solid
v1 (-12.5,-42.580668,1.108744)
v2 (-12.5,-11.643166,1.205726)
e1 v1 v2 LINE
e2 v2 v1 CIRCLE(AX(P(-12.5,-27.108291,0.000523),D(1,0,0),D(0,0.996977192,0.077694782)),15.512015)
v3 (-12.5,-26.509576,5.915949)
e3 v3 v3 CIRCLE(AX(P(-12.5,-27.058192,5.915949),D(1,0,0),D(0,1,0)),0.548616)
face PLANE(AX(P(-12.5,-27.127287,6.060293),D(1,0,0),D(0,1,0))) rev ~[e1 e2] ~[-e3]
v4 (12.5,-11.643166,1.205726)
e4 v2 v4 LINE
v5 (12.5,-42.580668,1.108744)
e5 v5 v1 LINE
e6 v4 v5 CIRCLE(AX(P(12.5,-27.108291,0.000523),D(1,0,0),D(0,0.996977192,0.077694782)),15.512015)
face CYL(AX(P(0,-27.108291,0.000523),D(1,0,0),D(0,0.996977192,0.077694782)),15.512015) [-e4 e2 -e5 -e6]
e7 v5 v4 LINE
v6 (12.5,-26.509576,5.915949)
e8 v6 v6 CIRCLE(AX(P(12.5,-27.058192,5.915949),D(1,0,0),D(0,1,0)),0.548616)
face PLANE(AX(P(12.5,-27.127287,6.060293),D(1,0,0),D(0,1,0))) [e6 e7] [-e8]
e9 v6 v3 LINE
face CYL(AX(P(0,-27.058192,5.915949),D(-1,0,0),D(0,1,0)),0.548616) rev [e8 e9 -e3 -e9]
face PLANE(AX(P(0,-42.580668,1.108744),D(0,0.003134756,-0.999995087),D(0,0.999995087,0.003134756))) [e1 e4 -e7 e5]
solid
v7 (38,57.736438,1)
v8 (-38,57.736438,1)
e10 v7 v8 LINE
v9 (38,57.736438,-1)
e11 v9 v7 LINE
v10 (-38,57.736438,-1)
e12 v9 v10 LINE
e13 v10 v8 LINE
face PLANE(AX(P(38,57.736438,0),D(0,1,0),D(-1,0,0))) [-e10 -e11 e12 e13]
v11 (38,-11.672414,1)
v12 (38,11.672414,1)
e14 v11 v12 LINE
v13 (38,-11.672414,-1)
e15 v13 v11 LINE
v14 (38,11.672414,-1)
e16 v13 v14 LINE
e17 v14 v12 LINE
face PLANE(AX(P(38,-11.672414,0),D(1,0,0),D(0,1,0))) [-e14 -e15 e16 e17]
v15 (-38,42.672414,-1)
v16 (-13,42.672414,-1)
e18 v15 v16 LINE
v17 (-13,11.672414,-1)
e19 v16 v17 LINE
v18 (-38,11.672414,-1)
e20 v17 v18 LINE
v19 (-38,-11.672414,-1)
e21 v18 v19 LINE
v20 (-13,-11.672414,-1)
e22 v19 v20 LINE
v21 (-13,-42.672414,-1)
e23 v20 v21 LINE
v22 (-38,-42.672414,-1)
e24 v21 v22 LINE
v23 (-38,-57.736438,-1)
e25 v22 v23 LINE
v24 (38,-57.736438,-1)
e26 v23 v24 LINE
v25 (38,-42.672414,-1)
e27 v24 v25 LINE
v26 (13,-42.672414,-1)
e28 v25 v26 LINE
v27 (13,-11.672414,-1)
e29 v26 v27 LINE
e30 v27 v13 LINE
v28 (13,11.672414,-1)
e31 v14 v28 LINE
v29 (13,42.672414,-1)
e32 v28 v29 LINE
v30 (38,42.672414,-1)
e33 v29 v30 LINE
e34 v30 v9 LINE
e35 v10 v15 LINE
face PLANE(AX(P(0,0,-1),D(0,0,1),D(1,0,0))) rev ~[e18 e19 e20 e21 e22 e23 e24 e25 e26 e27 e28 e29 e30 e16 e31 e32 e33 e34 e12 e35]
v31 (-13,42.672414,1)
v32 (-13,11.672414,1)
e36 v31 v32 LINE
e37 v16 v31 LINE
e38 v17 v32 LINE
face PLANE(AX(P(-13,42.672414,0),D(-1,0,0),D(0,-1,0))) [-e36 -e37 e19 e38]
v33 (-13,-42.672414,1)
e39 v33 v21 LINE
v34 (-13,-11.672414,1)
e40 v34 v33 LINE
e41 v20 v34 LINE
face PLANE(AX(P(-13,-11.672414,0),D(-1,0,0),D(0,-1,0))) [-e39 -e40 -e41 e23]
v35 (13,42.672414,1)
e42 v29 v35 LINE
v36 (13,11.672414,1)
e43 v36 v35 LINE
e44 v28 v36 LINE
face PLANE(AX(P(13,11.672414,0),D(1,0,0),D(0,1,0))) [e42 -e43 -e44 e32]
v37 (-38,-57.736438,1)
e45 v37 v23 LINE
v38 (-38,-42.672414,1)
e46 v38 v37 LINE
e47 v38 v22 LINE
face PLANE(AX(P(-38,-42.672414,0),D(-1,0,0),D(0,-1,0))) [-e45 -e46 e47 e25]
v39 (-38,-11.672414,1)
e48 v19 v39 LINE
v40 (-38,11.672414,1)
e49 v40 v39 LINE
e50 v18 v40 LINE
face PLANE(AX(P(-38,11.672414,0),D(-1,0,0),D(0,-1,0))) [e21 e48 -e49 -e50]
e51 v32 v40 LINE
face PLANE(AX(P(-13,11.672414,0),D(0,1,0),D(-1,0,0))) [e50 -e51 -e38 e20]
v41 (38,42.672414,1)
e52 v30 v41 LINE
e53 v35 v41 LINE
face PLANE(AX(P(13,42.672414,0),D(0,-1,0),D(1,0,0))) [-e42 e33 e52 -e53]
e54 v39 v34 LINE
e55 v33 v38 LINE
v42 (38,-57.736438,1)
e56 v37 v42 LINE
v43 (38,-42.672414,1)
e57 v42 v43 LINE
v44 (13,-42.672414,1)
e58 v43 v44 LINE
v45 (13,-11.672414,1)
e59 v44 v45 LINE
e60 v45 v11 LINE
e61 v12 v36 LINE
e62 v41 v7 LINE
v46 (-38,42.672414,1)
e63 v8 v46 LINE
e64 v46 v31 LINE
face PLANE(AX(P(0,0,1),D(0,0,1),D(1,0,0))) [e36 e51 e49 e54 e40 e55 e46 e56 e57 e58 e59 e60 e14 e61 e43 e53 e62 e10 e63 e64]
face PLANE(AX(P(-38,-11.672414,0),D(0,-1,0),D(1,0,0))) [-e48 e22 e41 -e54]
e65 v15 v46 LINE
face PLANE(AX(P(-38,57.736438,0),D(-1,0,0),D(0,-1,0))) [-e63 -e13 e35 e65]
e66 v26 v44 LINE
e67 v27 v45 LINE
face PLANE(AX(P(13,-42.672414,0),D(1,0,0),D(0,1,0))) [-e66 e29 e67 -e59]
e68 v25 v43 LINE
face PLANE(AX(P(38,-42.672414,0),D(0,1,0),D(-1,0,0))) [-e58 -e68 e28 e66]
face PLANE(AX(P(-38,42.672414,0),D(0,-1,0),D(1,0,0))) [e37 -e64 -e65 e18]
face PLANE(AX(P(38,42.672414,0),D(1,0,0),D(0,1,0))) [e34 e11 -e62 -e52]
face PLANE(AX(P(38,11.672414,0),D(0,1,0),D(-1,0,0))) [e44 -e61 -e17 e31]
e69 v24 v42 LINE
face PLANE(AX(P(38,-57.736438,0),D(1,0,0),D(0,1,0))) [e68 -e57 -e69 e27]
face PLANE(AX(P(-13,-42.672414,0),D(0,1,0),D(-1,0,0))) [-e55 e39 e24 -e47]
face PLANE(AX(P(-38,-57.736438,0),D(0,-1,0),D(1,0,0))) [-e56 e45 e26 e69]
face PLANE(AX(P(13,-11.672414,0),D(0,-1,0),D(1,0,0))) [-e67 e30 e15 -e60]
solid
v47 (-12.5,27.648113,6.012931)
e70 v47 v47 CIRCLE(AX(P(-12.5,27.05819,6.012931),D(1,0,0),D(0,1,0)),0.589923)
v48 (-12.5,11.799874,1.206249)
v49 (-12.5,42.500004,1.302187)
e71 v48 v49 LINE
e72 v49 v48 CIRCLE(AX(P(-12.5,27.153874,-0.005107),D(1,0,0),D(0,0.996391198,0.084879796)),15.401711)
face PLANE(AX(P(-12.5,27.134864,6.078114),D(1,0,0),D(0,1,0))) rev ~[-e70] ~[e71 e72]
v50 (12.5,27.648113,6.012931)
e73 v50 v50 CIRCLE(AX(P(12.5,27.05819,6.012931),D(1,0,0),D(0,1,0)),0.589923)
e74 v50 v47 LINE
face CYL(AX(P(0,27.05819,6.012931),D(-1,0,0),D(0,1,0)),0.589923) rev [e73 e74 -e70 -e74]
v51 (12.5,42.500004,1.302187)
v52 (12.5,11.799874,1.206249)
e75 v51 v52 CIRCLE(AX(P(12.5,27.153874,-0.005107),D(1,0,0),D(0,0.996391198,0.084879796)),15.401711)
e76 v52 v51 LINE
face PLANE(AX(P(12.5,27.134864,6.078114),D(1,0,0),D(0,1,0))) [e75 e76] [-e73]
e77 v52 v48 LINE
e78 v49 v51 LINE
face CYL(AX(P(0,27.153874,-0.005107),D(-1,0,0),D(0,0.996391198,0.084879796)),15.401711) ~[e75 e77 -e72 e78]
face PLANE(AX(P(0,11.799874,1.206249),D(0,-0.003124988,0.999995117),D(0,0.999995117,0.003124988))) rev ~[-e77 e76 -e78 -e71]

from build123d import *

# Parameters (mm, degrees)
F1_DEPTH = 1
F2_R     = 0.589923
F2_R_2   = 0.548616
F3_DEPTH = 12.5


with BuildPart() as f1:
    # F0 (on Top) → F1 (new body, symmetric)
    with BuildSketch(Plane.XY):
        Polygon((-38, -57.736438), (38, -57.736438), (38, -42.672414), (13, -42.672414), (13, -11.672414), (38, -11.672414), (38, 11.672414), (13, 11.672414), (13, 42.672414), (38, 42.672414), (38, 57.736438), (-38, 57.736438), (-38, 42.672414), (-13, 42.672414), (-13, 11.672414), (-38, 11.672414), (-38, -11.672414), (-13, -11.672414), (-13, -42.672414), (-38, -42.672414), align=None)
    extrude(amount=F1_DEPTH, both=True)


with BuildPart() as f3:
    # F2 (on Right) → F3 (new body, symmetric)
    with BuildSketch(Plane.YZ):
        with BuildLine():
            Line((11.799874, 1.206249), (42.500004, 1.302187))
            ThreePointArc((42.500004, 1.302187), (27.105744, 15.396529), (11.799874, 1.206249))
        make_face()
        with Locations((27.05819, 6.012931)):
            Circle(F2_R, mode=Mode.SUBTRACT)
        with BuildLine():
            Line((-42.580668, 1.108744), (-11.643166, 1.205726))
            ThreePointArc((-11.643166, 1.205726), (-27.156917, 15.512462), (-42.580668, 1.108744))
        make_face()
        with Locations((-27.058192, 5.915949)):
            Circle(F2_R_2, mode=Mode.SUBTRACT)
    extrude(amount=F3_DEPTH, both=True)


solid = Compound([f1.part, f3.part])
